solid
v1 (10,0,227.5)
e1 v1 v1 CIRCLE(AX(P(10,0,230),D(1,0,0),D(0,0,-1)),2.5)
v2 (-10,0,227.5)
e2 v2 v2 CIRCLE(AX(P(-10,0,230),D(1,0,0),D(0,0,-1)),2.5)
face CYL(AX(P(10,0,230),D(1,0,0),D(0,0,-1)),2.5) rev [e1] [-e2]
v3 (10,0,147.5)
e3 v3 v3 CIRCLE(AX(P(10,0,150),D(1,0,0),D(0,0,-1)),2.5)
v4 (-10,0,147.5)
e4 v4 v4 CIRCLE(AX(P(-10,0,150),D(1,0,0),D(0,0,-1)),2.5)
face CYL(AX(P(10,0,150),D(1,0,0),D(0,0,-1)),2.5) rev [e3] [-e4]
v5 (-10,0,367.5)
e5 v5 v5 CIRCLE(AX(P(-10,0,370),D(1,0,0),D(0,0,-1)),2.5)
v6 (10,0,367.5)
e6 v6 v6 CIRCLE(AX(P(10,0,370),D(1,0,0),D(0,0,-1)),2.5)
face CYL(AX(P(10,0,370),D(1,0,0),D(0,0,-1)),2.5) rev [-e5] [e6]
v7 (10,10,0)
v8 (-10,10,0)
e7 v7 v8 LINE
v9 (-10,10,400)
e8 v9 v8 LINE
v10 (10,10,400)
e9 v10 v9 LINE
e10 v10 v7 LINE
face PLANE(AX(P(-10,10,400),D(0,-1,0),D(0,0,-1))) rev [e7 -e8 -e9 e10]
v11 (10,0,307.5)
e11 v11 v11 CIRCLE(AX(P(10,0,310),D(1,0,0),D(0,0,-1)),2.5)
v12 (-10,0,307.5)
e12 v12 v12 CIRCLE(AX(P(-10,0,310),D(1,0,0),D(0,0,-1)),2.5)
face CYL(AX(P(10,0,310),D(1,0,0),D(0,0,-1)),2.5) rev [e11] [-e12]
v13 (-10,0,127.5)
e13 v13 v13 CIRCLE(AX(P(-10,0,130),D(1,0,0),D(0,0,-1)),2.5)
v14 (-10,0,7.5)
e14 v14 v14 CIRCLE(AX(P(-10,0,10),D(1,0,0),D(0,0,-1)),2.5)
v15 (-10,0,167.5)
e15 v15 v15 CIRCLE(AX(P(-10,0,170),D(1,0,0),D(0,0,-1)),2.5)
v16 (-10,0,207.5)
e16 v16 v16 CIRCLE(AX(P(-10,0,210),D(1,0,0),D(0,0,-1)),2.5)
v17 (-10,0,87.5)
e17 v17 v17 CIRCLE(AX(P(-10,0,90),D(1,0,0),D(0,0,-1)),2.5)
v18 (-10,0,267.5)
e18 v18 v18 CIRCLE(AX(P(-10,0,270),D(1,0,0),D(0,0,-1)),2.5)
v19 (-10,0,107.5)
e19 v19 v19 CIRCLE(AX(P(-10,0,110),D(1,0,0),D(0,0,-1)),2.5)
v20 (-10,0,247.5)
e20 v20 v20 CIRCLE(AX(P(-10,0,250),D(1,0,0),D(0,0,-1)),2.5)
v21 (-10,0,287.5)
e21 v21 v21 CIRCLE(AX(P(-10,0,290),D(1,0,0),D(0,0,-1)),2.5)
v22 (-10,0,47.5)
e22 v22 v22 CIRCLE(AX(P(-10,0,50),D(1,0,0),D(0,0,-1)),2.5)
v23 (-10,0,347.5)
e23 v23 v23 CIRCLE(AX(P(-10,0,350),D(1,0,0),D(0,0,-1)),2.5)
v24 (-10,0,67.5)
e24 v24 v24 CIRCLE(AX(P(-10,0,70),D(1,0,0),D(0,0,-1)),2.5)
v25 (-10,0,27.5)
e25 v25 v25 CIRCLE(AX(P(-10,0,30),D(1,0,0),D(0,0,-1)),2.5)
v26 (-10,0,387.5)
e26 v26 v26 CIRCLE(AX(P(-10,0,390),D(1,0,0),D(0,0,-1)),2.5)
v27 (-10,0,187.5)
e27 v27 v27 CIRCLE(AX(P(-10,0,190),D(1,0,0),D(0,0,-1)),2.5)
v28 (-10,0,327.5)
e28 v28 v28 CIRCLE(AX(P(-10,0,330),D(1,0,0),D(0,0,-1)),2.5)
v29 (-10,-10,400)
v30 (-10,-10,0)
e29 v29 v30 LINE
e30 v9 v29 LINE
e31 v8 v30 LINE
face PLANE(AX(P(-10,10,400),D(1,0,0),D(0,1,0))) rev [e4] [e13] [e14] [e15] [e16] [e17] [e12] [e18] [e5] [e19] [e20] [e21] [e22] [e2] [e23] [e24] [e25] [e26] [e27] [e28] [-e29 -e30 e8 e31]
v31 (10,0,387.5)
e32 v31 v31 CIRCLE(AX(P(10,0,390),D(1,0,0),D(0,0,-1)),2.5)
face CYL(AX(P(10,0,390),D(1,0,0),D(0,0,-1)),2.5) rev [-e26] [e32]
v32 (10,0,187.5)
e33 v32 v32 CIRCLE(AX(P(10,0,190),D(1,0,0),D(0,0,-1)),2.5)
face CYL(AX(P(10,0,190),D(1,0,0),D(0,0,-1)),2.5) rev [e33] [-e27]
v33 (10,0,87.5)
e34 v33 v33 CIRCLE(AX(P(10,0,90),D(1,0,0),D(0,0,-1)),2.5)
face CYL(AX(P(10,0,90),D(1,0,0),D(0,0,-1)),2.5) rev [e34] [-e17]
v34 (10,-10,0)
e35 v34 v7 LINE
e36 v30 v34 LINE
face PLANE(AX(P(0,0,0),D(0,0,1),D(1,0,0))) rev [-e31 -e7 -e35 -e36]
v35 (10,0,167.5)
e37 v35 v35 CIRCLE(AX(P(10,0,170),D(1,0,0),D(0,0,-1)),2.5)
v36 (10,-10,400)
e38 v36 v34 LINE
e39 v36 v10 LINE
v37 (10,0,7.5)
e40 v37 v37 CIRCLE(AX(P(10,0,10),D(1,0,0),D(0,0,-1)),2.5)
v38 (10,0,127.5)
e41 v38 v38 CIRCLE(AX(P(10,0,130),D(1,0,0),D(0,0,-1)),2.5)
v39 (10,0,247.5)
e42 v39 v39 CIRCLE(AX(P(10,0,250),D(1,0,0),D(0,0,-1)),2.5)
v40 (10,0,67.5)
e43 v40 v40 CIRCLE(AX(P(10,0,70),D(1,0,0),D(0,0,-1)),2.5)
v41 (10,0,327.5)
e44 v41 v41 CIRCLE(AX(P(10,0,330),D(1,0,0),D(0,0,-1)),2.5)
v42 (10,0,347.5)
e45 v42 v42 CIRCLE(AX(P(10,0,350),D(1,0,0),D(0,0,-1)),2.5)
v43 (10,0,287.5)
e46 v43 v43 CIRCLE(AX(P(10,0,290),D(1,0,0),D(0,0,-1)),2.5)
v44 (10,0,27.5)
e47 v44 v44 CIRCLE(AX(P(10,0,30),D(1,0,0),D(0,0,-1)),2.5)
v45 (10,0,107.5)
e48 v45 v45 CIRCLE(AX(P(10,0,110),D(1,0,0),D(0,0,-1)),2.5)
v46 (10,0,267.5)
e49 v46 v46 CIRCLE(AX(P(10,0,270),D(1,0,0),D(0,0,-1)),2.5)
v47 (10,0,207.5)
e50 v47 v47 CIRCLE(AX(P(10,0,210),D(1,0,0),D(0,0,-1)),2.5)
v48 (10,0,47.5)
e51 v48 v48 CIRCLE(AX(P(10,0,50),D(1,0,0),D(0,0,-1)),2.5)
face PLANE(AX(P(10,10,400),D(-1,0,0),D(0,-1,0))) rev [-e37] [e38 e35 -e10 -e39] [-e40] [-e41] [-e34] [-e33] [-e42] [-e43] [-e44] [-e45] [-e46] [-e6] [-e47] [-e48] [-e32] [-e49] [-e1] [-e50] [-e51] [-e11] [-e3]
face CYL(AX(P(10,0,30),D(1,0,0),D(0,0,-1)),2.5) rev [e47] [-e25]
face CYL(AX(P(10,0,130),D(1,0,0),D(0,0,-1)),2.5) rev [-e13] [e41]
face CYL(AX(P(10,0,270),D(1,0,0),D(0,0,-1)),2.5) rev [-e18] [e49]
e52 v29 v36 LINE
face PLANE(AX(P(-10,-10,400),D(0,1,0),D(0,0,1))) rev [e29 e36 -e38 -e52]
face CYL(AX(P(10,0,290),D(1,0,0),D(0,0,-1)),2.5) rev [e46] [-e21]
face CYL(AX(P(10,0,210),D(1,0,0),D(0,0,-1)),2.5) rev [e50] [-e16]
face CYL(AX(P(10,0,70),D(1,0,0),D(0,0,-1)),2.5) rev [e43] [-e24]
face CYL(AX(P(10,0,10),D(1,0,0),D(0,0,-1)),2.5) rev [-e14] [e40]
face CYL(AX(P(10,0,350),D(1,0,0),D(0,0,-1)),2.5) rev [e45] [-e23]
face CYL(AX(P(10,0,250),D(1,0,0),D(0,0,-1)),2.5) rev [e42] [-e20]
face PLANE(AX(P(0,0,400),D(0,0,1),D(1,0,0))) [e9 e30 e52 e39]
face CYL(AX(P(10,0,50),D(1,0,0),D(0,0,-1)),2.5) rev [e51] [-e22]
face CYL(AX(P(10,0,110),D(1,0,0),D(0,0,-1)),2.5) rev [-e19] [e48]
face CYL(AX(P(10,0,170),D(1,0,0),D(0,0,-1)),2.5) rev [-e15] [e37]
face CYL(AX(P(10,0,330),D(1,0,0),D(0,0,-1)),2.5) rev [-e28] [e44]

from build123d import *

# Parameters (mm, degrees)
SKETCH1_W             = 20
SKETCH1_H             = 20
BOSS_EXTRUDE1_DEPTH   = 400
F_5_0MM_DOWEL_HOLE1_D = 5
LPATTERN2_COUNT       = 20
LPATTERN2_PITCH       = 20


with BuildPart() as part:
    # Sketch1 → Boss-Extrude1 (new body)
    with BuildSketch(Plane.XY):
        Rectangle(SKETCH1_W, SKETCH1_H)
    extrude(amount=BOSS_EXTRUDE1_DEPTH)

    # Ø5.0mm Dowel Hole1 (through all)
    with Locations(Plane(origin=(10, 0, 0), x_dir=(0, 0, -1), z_dir=(1, 0, 0))):
        with Locations((-10, 0)):
            f_5_0mm_dowel_hole1 = Hole(F_5_0MM_DOWEL_HOLE1_D / 2)

    # LPattern2: Ø5.0mm Dowel Hole1 ×20
    with Locations(*[(0, 0, i * LPATTERN2_PITCH) for i in range(1, LPATTERN2_COUNT)]):
        add(f_5_0mm_dowel_hole1, mode=Mode.SUBTRACT)


solid = part.part
